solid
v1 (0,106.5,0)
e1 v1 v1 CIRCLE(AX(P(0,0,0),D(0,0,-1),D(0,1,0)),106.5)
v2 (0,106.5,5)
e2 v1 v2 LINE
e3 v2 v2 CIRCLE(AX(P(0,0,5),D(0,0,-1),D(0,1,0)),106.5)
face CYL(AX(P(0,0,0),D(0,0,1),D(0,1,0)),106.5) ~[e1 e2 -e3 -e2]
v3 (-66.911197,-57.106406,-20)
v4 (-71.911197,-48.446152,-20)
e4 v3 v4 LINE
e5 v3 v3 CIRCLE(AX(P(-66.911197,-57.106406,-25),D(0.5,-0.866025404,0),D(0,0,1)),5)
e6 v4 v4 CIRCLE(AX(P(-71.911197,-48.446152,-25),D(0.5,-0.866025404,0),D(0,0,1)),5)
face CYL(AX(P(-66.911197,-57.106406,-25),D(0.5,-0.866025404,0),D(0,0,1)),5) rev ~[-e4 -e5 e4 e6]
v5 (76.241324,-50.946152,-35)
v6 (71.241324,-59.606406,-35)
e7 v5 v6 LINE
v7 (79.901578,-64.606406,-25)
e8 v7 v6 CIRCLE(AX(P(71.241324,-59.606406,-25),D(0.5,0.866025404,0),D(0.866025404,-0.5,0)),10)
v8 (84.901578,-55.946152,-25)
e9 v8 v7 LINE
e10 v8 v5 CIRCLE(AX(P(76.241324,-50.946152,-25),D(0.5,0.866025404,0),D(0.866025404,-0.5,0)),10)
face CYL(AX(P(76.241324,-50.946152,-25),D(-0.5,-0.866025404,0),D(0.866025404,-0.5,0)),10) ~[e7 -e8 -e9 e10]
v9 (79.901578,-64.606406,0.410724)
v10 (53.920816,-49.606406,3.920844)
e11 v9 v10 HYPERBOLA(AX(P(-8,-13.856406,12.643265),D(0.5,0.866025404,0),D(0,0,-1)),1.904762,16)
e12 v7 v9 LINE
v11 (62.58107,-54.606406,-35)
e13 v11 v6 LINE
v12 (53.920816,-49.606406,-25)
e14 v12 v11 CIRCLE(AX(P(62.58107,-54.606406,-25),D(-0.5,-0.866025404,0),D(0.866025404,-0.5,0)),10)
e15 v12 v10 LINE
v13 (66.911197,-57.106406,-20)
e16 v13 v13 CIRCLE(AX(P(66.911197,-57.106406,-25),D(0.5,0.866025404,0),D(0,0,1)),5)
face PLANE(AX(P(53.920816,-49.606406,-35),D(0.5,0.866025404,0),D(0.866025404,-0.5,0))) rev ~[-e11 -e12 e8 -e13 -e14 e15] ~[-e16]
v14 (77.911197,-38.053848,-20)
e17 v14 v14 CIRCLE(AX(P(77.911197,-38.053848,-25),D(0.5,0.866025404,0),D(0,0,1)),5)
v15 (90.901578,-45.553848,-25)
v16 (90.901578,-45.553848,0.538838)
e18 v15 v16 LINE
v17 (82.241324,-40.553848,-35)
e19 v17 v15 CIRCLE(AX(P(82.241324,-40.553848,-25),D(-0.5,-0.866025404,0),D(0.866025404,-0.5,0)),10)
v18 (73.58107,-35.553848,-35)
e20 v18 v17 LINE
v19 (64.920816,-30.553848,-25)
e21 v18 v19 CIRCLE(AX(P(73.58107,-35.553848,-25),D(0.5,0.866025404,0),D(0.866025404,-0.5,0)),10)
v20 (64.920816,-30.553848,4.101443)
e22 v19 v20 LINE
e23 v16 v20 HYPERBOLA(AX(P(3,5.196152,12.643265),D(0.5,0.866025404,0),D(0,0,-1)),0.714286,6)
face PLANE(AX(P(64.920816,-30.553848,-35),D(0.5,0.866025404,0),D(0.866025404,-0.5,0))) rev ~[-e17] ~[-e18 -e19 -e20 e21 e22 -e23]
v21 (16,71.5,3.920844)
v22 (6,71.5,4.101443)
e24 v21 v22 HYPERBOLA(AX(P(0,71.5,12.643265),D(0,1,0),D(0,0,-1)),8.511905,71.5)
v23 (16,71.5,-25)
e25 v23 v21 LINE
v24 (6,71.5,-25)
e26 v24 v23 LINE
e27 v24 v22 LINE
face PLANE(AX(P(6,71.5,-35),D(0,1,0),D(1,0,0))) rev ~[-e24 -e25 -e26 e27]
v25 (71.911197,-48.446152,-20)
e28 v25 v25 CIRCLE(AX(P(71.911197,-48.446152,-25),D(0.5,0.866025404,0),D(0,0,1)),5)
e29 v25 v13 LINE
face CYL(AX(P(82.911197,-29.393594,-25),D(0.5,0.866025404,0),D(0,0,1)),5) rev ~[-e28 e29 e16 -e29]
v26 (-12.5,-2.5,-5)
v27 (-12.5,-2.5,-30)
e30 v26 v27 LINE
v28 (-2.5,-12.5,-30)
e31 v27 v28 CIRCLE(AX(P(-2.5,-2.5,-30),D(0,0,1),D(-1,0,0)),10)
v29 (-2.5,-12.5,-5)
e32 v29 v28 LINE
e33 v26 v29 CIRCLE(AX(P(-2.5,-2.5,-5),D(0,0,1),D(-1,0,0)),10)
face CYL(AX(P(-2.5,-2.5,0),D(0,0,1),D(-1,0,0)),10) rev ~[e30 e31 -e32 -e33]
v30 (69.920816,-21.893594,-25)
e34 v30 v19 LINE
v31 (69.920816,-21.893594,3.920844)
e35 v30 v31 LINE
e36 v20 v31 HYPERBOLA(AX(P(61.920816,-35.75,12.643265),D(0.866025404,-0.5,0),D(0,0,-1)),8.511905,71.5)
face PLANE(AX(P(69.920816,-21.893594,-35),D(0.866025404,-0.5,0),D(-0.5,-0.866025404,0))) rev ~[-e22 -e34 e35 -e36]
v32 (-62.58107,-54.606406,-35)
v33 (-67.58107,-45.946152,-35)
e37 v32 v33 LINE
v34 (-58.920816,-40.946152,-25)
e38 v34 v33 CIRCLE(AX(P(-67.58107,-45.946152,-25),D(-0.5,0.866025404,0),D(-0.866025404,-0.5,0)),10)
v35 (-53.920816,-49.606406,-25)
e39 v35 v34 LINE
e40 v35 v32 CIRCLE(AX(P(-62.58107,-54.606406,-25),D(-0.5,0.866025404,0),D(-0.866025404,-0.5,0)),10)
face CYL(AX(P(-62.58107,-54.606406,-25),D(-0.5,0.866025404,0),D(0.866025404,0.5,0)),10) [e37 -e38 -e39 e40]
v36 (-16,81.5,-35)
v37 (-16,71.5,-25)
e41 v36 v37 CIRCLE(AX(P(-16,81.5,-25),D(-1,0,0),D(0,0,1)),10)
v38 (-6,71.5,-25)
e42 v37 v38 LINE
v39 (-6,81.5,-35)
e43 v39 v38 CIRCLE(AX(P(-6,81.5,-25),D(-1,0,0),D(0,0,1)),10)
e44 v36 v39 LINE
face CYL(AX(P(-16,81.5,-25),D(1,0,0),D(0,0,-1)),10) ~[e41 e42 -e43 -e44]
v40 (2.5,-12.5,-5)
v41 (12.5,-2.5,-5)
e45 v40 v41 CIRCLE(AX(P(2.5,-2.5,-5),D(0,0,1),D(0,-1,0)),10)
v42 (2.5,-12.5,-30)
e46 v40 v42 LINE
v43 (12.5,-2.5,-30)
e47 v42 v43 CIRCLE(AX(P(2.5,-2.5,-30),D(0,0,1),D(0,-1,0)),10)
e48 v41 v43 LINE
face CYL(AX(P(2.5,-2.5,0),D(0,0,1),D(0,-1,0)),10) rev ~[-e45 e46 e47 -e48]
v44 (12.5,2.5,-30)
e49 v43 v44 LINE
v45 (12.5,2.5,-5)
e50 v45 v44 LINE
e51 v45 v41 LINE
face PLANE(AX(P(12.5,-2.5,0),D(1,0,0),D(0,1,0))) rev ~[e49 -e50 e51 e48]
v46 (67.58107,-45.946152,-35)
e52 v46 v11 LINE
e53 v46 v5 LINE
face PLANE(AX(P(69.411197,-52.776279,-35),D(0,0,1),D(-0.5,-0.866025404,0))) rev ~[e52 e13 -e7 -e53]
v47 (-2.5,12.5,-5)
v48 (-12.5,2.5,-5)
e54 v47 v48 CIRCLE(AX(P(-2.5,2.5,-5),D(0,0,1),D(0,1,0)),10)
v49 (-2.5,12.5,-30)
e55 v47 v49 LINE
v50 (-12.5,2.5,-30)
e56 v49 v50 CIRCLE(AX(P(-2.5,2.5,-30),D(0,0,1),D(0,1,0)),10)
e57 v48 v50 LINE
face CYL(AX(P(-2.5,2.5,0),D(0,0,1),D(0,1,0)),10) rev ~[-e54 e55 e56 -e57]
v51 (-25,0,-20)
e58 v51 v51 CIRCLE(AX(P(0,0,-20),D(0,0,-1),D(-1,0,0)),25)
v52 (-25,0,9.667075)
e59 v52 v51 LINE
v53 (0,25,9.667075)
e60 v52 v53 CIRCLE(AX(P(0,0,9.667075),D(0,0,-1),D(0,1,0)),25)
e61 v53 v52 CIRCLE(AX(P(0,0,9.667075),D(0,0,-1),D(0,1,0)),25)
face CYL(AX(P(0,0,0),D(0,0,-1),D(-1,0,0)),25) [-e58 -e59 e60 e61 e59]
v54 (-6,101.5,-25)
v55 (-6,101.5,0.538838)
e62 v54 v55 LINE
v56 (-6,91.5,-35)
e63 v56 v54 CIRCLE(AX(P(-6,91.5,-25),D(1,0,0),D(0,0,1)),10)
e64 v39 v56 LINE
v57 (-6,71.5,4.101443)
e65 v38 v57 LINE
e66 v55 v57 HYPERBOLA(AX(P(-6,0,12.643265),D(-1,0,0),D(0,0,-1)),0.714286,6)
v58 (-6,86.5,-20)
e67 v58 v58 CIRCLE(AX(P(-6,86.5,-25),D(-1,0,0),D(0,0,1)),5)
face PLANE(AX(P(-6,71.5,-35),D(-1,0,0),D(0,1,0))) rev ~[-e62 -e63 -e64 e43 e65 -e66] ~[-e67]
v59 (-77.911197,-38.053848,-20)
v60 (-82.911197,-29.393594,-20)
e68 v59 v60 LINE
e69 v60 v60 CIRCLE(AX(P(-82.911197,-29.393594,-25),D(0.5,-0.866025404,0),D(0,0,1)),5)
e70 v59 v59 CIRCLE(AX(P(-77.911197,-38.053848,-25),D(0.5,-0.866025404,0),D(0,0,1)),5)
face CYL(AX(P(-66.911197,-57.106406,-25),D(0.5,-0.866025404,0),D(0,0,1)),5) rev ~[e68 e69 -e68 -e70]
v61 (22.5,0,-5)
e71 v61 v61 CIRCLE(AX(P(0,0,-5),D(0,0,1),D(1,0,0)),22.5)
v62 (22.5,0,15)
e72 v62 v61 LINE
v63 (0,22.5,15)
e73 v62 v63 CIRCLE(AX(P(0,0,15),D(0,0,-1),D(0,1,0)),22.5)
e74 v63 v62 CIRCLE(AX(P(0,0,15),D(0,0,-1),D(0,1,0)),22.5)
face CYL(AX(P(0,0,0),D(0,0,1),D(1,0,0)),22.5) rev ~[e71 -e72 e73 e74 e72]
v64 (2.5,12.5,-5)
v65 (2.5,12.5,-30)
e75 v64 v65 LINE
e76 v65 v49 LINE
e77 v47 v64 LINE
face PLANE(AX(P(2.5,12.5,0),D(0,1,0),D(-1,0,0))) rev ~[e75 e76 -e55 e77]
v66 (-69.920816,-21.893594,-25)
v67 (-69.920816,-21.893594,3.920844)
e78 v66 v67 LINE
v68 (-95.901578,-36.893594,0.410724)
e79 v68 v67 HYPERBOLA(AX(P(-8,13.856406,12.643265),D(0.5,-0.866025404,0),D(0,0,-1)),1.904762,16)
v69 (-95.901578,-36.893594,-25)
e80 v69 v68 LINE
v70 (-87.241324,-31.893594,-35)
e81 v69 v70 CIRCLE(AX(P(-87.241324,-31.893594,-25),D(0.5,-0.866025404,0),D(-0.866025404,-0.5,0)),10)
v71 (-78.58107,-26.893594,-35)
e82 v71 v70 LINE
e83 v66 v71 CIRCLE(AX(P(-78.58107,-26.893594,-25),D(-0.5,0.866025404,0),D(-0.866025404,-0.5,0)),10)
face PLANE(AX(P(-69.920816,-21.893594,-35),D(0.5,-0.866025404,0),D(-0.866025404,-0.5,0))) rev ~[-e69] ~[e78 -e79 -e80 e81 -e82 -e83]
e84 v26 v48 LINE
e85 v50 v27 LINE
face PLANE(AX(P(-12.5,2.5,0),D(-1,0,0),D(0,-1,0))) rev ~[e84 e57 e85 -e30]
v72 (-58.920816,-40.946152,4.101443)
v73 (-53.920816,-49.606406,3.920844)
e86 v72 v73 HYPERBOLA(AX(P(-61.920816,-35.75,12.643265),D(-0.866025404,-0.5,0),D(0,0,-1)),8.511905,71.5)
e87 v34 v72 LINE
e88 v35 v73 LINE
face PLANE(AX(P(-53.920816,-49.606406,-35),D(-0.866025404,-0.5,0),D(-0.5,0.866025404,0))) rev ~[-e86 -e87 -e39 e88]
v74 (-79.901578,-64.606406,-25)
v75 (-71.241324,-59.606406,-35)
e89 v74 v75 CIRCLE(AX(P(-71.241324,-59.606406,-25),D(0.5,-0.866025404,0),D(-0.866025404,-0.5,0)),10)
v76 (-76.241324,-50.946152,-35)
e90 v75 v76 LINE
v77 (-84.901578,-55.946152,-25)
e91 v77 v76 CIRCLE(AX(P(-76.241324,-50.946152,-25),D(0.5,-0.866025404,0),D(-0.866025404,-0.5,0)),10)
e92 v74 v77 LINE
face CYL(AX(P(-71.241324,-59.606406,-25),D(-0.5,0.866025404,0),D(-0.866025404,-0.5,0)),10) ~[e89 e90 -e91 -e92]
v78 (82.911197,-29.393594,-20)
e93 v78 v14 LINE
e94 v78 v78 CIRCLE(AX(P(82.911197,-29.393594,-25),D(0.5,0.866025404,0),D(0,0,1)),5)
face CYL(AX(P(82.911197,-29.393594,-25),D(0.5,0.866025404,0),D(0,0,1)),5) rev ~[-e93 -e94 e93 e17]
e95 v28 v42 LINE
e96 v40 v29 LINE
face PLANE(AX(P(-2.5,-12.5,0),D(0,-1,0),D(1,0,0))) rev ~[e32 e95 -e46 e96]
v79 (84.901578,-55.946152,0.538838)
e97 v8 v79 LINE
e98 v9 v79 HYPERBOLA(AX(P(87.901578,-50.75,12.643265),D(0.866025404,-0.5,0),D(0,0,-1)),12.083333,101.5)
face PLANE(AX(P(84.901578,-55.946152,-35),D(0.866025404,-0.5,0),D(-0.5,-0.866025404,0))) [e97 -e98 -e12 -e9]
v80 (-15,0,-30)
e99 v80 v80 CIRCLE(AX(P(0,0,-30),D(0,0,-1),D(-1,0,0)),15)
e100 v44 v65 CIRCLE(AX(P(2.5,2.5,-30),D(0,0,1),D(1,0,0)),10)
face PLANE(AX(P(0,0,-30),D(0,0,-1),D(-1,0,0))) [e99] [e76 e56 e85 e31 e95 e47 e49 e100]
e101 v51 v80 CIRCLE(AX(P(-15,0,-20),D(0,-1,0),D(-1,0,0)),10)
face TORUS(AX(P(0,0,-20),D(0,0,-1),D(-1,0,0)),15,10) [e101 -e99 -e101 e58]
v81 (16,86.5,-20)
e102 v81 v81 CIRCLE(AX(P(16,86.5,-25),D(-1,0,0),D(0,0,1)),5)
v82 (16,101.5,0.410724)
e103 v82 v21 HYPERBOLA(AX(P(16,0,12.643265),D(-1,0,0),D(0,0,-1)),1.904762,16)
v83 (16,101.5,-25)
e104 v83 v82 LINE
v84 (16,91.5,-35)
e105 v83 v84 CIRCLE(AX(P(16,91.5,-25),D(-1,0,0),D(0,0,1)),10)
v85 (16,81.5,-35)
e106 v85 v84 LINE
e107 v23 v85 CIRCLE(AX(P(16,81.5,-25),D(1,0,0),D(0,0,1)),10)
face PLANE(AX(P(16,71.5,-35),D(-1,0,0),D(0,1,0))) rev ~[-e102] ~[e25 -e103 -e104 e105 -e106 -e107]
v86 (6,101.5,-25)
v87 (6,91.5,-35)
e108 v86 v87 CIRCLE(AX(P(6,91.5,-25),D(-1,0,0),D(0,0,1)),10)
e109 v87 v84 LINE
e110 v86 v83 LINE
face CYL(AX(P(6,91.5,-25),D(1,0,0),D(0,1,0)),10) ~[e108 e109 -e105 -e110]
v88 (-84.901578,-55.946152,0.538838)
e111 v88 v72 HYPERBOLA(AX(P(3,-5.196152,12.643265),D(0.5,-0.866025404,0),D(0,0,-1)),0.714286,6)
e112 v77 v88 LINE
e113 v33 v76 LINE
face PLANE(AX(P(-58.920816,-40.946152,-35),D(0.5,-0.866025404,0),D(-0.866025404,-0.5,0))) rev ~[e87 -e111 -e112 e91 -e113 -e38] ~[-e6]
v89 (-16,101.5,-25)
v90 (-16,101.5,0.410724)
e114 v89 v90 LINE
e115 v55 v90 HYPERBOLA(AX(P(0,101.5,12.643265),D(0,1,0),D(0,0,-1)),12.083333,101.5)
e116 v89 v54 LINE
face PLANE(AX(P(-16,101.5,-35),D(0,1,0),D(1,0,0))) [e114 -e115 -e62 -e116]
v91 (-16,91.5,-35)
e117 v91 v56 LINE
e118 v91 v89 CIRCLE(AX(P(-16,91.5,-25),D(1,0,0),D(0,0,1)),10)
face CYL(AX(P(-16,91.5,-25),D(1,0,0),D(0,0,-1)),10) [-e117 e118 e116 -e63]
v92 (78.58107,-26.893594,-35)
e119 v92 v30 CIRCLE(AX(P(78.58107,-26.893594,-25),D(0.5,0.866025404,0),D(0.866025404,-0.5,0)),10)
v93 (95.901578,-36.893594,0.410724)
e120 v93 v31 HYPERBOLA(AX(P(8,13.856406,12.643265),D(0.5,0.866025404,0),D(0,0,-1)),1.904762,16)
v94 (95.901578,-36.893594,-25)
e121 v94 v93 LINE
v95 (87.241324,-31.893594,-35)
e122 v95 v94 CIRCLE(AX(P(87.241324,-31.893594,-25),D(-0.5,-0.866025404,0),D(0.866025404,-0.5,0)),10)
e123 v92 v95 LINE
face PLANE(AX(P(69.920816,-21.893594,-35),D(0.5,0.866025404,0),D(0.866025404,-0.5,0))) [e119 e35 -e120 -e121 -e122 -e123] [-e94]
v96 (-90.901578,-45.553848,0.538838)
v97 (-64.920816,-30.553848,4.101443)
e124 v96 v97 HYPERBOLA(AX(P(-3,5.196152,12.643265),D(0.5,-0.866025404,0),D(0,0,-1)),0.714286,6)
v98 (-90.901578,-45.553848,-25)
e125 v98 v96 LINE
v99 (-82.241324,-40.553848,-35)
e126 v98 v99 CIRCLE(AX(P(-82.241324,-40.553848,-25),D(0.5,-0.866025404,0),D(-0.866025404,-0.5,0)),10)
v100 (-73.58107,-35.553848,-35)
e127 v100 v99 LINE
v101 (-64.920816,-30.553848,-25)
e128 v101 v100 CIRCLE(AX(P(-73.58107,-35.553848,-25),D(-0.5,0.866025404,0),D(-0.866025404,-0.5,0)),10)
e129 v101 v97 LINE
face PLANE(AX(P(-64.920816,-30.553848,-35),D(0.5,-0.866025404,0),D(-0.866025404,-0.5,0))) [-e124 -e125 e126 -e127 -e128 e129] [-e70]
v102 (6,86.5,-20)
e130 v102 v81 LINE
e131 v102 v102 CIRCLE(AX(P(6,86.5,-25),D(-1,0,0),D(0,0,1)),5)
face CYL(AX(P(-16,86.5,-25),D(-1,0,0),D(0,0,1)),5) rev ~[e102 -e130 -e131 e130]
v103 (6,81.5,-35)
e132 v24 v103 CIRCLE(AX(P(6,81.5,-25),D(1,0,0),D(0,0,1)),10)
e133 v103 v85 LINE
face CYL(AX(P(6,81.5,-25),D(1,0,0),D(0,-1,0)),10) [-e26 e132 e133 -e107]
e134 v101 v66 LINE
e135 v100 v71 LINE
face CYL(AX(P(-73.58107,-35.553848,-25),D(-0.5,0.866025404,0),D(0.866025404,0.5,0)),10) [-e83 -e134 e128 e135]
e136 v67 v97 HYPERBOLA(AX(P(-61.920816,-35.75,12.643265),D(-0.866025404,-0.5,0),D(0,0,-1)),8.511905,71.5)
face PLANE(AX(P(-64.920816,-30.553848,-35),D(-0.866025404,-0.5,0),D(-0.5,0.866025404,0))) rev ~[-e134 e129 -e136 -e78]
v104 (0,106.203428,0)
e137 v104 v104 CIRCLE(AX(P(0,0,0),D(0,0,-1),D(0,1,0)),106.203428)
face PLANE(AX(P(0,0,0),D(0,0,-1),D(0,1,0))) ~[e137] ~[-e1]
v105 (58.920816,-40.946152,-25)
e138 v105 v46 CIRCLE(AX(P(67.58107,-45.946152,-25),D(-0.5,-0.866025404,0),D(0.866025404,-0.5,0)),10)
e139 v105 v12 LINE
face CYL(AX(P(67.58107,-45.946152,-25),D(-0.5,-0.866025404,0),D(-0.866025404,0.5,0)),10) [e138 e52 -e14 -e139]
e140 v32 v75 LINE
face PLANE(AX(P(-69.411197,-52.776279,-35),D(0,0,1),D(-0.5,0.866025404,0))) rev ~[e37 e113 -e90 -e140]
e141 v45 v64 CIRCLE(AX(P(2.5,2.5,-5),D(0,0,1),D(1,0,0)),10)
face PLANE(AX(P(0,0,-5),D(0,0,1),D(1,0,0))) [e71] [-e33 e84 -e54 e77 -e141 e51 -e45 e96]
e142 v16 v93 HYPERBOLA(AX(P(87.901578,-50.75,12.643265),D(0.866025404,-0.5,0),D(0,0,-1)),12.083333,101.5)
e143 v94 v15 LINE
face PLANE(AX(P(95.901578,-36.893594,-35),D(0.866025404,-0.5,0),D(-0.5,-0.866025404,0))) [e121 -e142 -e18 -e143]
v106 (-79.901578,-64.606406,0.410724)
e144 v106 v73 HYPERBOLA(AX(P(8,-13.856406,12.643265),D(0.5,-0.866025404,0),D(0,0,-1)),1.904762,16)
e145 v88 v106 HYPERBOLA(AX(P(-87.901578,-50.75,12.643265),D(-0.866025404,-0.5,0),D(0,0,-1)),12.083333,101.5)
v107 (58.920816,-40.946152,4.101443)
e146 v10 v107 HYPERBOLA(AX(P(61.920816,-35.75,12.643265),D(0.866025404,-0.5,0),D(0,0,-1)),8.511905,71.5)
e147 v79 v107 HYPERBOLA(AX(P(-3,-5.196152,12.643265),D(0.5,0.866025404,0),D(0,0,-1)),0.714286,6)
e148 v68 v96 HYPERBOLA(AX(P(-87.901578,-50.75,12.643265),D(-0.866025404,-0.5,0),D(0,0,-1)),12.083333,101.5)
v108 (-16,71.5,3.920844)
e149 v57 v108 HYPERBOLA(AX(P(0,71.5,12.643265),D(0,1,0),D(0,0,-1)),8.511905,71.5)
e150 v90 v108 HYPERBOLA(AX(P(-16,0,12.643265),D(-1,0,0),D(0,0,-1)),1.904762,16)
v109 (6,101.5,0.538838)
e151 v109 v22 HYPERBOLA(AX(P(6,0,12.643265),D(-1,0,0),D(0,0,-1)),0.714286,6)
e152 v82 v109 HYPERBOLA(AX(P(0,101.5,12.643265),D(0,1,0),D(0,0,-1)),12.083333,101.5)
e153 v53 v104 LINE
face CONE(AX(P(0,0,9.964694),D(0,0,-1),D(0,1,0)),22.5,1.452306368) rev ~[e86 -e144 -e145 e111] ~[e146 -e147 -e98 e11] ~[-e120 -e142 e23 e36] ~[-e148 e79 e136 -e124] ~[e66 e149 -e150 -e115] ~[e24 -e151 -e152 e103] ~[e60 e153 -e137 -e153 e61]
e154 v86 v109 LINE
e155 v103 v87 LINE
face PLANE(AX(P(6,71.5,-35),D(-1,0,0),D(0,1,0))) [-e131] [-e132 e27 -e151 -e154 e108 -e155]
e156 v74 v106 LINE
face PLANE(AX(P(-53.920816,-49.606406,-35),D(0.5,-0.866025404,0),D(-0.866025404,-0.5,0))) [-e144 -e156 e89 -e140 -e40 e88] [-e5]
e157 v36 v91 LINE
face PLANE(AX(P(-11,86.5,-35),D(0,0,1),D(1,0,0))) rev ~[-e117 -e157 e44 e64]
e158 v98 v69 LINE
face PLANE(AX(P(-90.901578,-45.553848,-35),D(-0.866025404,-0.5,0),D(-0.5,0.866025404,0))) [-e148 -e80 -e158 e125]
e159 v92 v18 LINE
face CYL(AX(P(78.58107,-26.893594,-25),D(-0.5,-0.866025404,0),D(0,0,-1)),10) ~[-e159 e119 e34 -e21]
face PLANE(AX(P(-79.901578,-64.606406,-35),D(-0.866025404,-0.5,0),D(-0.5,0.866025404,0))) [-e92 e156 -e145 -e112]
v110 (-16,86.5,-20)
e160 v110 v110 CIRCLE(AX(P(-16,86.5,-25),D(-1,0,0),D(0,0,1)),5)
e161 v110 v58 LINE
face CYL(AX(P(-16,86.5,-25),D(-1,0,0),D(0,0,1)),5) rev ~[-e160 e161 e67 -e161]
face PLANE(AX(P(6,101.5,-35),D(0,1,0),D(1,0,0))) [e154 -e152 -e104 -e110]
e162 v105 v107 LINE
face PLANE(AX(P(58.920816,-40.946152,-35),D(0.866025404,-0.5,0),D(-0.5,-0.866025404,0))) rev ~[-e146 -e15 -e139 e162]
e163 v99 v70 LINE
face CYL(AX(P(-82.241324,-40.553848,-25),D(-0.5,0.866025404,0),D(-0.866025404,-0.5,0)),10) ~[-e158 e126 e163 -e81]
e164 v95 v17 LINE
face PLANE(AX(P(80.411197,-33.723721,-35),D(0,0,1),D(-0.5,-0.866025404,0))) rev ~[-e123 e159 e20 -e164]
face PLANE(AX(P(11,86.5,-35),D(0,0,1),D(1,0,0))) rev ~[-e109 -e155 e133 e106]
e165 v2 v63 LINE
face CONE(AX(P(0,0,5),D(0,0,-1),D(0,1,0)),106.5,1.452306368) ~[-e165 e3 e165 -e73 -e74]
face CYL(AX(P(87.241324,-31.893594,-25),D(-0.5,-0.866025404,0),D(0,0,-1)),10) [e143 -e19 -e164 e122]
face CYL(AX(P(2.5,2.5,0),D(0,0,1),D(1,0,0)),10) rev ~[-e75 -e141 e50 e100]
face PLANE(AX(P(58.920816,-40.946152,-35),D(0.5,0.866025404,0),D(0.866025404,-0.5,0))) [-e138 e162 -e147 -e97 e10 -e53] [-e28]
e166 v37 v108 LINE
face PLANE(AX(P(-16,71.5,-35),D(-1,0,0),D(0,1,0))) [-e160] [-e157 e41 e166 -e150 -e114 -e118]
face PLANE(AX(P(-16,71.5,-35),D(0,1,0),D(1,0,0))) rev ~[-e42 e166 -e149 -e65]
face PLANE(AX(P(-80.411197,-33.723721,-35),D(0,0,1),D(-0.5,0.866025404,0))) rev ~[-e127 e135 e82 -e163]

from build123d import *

# Parameters (mm, degrees)
SKETCH1_R                = 22.5
BOSS_EXTRUDE1_DEPTH      = 15
SKETCH4_R                = 25
BOSS_EXTRUDE2_DEPTH      = 30
BOSS_EXTRUDE2_DEPTH_BACK = 10
SKETCH1_3_R              = 22.5
CUT_EXTRUDE1_DEPTH       = 5
SKETCH1_4_R              = 22.5
CUT_EXTRUDE2_DEPTH       = 15
BOSS_EXTRUDE3_START      = -30
SKETCH10_W               = 10
SKETCH10_H               = 30
BOSS_EXTRUDE3_DEPTH      = 39.101444
FILLET1_R                = 10
SKETCH11_R               = 5
CUT_EXTRUDE3_DEPTH       = 32
CIRPATTERN1_COUNT        = 3
FILLET1_OF_CIRPATTERN1_R = 10
FILLET2_R                = 10


with BuildPart() as part:
    # Sketch1 → Boss-Extrude1 (new body)
    with BuildSketch(Plane.XY):
        Circle(SKETCH1_R)
    extrude(amount=BOSS_EXTRUDE1_DEPTH)

    # Sketch3 → Revolve1 (revolve)
    with BuildSketch(Plane(origin=(0, 0, 0), x_dir=(0, 0, -1), z_dir=(1, 0, 0))):
        Polygon((-5, 106.5), (-15, 22.5), (-9.964693814, 22.5), (0, 106.203428035), (0, 106.5), align=None)
    revolve(axis=Axis((0, 0, 15), (0, 0, -1)))

    # Sketch4 → Boss-Extrude2 (add, two sides)
    with BuildSketch(Plane(origin=(0, 0, 0), x_dir=(-1, 0, 0), z_dir=(0, 0, -1))) as boss_extrude2_sk:
        Circle(SKETCH4_R)
        with BuildLine():
            Line((-2.5, 12.5), (2.5, 12.5))
            ThreePointArc((2.5, 12.5), (9.571067812, 9.571067812), (12.5, 2.5))
            Line((12.5, 2.5), (12.5, -2.5))
            ThreePointArc((12.5, -2.5), (9.571067812, -9.571067812), (2.5, -12.5))
            Line((2.5, -12.5), (-2.5, -12.5))
            ThreePointArc((-2.5, -12.5), (-9.571067812, -9.571067812), (-12.5, -2.5))
            Line((-12.5, -2.5), (-12.5, 2.5))
            ThreePointArc((-12.5, 2.5), (-9.571067812, 9.571067812), (-2.5, 12.5))
        make_face(mode=Mode.SUBTRACT)
    extrude(amount=BOSS_EXTRUDE2_DEPTH)
    extrude(boss_extrude2_sk.sketch, amount=-BOSS_EXTRUDE2_DEPTH_BACK)

    # Sketch1<3> → Cut-Extrude1 (cut)
    with BuildSketch(Plane.XY):
        Circle(SKETCH1_3_R)
    extrude(amount=-CUT_EXTRUDE1_DEPTH, mode=Mode.SUBTRACT)

    # Sketch1<4> → Cut-Extrude2 (cut)
    with BuildSketch(Plane.XY):
        Circle(SKETCH1_4_R)
    extrude(amount=CUT_EXTRUDE2_DEPTH, mode=Mode.SUBTRACT)

    # Sketch10 → Boss-Extrude3 (add)
    with BuildSketch(Plane.XY.offset(-5).offset(BOSS_EXTRUDE3_START)):
        with Locations((-11, 86.5)):
            Rectangle(SKETCH10_W, SKETCH10_H)
        with Locations((11, 86.5)):
            Rectangle(SKETCH10_W, SKETCH10_H)
    boss_extrude3 = extrude(amount=BOSS_EXTRUDE3_DEPTH)

    # Fillet1
    fillet1_edges = [part.edges().sort_by_distance(p)[0] for p in [
        (-11, 101.5, -35),
        (-11, 71.5, -35),
        (11, 101.5, -35),
        (11, 71.5, -35),
    ]]
    fillet(fillet1_edges, radius=FILLET1_R)

    # Sketch11 → Cut-Extrude3 (cut)
    with BuildSketch(Plane.ZY.offset(16)):
        with Locations((-25, 86.5)):
            Circle(SKETCH11_R)
    cut_extrude3 = extrude(amount=-CUT_EXTRUDE3_DEPTH, mode=Mode.SUBTRACT)

    # CirPattern1: Boss-Extrude3, Cut-Extrude3 ×3 about axis
    cirpattern1_axis = Axis((0, 0, 0), (0, 0, 1))
    for i in range(1, CIRPATTERN1_COUNT):
        add(boss_extrude3.rotate(cirpattern1_axis, i * 360 / CIRPATTERN1_COUNT))
        add(cut_extrude3.rotate(cirpattern1_axis, i * 360 / CIRPATTERN1_COUNT), mode=Mode.SUBTRACT)

    # Fillet1 of CirPattern1
    fillet1_of_cirpattern1_edges = [part.edges().sort_by_distance(p)[0] for p in [
        (-82.401578484, -60.276279442, -35),
        (-56.420816371, -45.276279442, -35),
        (-93.401578484, -41.223720558, -35),
        (-67.420816371, -26.223720558, -35),
        (93.401578484, -41.223720558, -35),
        (67.420816371, -26.223720558, -35),
        (82.401578484, -60.276279442, -35),
        (56.420816371, -45.276279442, -35),
    ]]
    fillet(fillet1_of_cirpattern1_edges, radius=FILLET1_OF_CIRPATTERN1_R)

    # Fillet2
    fillet2_edges = [part.edges().sort_by_distance(p)[0] for p in [
        (25, 0, -30),
    ]]
    fillet(fillet2_edges, radius=FILLET2_R)


solid = part.part
